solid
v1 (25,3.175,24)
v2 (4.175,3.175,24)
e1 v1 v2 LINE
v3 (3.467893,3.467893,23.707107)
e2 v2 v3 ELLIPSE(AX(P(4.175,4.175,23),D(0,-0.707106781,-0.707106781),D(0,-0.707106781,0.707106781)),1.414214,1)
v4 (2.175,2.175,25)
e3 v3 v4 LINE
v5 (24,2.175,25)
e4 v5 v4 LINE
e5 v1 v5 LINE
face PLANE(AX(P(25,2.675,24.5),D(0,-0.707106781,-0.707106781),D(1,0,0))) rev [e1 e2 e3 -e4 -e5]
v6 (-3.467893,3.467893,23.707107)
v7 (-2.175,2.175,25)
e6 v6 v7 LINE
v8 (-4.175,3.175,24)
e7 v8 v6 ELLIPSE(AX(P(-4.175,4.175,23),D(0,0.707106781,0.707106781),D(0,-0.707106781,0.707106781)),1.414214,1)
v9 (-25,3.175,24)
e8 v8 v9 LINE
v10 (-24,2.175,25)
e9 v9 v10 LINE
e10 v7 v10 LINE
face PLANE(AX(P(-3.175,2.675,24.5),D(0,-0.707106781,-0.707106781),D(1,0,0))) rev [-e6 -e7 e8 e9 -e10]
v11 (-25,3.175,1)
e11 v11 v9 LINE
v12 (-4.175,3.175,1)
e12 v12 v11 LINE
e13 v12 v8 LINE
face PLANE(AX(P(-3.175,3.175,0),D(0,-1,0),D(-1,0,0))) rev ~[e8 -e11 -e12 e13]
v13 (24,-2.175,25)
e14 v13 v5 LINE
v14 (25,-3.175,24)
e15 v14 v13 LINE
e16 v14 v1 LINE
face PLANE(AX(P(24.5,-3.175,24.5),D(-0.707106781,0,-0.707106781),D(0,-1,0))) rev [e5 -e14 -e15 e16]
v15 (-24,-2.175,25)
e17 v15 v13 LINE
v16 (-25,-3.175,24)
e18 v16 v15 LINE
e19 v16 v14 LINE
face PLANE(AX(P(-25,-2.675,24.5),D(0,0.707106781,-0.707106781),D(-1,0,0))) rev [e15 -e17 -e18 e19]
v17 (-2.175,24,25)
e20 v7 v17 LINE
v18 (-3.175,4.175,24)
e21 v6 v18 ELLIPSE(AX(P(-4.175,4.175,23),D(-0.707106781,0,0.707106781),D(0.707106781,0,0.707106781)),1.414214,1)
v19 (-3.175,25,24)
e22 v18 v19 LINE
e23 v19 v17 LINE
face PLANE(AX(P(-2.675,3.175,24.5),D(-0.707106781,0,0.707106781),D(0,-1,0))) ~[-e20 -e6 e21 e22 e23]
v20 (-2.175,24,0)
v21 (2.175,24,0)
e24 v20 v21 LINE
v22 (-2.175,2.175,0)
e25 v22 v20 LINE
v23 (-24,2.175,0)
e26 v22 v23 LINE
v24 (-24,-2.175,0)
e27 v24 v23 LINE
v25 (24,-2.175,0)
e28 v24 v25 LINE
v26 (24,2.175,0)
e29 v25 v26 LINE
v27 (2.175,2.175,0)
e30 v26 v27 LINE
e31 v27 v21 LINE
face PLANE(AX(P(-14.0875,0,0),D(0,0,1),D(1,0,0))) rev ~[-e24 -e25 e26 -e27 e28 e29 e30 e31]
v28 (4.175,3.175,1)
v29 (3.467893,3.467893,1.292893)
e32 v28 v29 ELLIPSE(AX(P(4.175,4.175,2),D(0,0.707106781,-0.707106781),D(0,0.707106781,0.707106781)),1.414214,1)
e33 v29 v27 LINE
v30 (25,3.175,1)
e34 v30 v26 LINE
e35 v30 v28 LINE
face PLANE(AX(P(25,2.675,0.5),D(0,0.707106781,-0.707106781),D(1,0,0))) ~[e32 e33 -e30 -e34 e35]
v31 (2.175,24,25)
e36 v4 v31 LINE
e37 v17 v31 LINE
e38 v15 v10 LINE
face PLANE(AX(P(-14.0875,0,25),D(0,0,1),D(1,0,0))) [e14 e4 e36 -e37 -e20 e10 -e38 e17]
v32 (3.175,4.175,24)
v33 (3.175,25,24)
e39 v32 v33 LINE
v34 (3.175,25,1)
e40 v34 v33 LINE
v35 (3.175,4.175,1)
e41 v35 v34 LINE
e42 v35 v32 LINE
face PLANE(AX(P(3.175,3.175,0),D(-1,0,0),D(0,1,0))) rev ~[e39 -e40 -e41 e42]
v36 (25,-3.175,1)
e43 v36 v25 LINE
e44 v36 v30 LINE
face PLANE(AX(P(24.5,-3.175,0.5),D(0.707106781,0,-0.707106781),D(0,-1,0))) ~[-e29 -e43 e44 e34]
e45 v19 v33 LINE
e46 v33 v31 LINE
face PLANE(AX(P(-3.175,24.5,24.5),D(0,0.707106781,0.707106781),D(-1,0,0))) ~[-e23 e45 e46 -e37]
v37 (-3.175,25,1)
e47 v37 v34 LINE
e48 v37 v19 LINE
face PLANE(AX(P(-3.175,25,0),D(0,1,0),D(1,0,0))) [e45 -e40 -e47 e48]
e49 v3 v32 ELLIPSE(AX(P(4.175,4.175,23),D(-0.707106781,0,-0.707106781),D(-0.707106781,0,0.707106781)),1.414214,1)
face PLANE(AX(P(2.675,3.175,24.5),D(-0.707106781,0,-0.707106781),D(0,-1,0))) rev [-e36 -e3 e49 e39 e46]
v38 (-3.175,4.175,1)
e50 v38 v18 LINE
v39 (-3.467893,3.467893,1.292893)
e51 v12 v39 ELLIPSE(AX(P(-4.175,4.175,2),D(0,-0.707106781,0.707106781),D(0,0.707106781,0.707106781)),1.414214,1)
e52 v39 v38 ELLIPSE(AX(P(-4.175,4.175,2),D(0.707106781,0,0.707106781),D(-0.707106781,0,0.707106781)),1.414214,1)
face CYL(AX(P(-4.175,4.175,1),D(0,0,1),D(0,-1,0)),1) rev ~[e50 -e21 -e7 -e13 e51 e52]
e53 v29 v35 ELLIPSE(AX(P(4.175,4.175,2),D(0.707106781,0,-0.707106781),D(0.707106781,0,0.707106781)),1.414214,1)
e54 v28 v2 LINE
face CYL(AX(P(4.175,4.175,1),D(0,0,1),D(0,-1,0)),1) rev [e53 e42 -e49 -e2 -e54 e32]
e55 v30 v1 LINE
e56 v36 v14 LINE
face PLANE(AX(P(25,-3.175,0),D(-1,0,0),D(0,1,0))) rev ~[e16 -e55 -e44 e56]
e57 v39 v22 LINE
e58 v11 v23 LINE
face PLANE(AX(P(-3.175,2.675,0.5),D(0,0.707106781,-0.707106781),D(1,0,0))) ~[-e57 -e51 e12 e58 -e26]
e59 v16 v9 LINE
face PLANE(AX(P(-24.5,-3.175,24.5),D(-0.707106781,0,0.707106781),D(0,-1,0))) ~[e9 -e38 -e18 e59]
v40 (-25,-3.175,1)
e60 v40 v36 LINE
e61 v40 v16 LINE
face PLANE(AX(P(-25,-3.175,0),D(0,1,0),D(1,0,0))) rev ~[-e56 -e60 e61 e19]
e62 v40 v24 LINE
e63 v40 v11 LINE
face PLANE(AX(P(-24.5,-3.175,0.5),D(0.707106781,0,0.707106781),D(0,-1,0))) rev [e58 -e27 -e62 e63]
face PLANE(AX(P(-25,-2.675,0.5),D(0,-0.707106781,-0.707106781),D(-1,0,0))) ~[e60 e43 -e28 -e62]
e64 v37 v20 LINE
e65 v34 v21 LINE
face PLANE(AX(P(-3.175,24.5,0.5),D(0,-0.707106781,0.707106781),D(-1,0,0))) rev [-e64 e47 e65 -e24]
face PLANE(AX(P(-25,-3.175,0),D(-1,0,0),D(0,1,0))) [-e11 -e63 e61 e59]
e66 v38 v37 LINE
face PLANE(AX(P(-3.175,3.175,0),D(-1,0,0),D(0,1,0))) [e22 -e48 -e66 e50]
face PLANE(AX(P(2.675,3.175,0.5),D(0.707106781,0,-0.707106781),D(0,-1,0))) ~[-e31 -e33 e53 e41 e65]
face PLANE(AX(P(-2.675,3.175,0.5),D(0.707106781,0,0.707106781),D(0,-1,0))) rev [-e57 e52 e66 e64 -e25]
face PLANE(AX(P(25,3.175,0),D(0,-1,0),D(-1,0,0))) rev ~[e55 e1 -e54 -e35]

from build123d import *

# Parameters (mm, degrees)
F0_W     = 21.825
F0_H     = 6.35
F0_W_2   = 6.35
F0_H_2   = 21.825
F1_DEPTH = 25
F2_SIZE  = 1
F3_R     = 1


with BuildPart() as f1:
    # F0 (on Top) → F1 (new body)
    with BuildSketch(Plane.XY):
        with Locations((-14.0875, 0)):
            Rectangle(F0_W, F0_H)
        Rectangle(F0_W_2, F0_H)
        with Locations((14.0875, 0)):
            Rectangle(F0_W, F0_H)
        with Locations((0, 14.0875)):
            Rectangle(F0_W_2, F0_H_2)
    extrude(amount=F1_DEPTH)

    # F2
    f2_edges = [f1.edges().sort_by_distance(p)[0] for p in [
        (-25, 0, 0),
        (0, -3.175, 0),
        (25, 0, 0),
        (14.0875, 3.175, 0),
        (3.175, 14.0875, 0),
        (0, 25, 0),
        (-3.175, 14.0875, 0),
        (-14.0875, 3.175, 0),
        (-25, 0, 25),
        (0, -3.175, 25),
        (25, 0, 25),
        (14.0875, 3.175, 25),
        (3.175, 14.0875, 25),
        (0, 25, 25),
        (-3.175, 14.0875, 25),
        (-14.0875, 3.175, 25),
    ]]
    chamfer(f2_edges, length=F2_SIZE)

    # F3
    f3_edges = [f1.edges().sort_by_distance(p)[0] for p in [
        (3.175, 3.175, 12.5),
        (-3.175, 3.175, 12.5),
    ]]
    fillet(f3_edges, radius=F3_R)


solid = f1.part
